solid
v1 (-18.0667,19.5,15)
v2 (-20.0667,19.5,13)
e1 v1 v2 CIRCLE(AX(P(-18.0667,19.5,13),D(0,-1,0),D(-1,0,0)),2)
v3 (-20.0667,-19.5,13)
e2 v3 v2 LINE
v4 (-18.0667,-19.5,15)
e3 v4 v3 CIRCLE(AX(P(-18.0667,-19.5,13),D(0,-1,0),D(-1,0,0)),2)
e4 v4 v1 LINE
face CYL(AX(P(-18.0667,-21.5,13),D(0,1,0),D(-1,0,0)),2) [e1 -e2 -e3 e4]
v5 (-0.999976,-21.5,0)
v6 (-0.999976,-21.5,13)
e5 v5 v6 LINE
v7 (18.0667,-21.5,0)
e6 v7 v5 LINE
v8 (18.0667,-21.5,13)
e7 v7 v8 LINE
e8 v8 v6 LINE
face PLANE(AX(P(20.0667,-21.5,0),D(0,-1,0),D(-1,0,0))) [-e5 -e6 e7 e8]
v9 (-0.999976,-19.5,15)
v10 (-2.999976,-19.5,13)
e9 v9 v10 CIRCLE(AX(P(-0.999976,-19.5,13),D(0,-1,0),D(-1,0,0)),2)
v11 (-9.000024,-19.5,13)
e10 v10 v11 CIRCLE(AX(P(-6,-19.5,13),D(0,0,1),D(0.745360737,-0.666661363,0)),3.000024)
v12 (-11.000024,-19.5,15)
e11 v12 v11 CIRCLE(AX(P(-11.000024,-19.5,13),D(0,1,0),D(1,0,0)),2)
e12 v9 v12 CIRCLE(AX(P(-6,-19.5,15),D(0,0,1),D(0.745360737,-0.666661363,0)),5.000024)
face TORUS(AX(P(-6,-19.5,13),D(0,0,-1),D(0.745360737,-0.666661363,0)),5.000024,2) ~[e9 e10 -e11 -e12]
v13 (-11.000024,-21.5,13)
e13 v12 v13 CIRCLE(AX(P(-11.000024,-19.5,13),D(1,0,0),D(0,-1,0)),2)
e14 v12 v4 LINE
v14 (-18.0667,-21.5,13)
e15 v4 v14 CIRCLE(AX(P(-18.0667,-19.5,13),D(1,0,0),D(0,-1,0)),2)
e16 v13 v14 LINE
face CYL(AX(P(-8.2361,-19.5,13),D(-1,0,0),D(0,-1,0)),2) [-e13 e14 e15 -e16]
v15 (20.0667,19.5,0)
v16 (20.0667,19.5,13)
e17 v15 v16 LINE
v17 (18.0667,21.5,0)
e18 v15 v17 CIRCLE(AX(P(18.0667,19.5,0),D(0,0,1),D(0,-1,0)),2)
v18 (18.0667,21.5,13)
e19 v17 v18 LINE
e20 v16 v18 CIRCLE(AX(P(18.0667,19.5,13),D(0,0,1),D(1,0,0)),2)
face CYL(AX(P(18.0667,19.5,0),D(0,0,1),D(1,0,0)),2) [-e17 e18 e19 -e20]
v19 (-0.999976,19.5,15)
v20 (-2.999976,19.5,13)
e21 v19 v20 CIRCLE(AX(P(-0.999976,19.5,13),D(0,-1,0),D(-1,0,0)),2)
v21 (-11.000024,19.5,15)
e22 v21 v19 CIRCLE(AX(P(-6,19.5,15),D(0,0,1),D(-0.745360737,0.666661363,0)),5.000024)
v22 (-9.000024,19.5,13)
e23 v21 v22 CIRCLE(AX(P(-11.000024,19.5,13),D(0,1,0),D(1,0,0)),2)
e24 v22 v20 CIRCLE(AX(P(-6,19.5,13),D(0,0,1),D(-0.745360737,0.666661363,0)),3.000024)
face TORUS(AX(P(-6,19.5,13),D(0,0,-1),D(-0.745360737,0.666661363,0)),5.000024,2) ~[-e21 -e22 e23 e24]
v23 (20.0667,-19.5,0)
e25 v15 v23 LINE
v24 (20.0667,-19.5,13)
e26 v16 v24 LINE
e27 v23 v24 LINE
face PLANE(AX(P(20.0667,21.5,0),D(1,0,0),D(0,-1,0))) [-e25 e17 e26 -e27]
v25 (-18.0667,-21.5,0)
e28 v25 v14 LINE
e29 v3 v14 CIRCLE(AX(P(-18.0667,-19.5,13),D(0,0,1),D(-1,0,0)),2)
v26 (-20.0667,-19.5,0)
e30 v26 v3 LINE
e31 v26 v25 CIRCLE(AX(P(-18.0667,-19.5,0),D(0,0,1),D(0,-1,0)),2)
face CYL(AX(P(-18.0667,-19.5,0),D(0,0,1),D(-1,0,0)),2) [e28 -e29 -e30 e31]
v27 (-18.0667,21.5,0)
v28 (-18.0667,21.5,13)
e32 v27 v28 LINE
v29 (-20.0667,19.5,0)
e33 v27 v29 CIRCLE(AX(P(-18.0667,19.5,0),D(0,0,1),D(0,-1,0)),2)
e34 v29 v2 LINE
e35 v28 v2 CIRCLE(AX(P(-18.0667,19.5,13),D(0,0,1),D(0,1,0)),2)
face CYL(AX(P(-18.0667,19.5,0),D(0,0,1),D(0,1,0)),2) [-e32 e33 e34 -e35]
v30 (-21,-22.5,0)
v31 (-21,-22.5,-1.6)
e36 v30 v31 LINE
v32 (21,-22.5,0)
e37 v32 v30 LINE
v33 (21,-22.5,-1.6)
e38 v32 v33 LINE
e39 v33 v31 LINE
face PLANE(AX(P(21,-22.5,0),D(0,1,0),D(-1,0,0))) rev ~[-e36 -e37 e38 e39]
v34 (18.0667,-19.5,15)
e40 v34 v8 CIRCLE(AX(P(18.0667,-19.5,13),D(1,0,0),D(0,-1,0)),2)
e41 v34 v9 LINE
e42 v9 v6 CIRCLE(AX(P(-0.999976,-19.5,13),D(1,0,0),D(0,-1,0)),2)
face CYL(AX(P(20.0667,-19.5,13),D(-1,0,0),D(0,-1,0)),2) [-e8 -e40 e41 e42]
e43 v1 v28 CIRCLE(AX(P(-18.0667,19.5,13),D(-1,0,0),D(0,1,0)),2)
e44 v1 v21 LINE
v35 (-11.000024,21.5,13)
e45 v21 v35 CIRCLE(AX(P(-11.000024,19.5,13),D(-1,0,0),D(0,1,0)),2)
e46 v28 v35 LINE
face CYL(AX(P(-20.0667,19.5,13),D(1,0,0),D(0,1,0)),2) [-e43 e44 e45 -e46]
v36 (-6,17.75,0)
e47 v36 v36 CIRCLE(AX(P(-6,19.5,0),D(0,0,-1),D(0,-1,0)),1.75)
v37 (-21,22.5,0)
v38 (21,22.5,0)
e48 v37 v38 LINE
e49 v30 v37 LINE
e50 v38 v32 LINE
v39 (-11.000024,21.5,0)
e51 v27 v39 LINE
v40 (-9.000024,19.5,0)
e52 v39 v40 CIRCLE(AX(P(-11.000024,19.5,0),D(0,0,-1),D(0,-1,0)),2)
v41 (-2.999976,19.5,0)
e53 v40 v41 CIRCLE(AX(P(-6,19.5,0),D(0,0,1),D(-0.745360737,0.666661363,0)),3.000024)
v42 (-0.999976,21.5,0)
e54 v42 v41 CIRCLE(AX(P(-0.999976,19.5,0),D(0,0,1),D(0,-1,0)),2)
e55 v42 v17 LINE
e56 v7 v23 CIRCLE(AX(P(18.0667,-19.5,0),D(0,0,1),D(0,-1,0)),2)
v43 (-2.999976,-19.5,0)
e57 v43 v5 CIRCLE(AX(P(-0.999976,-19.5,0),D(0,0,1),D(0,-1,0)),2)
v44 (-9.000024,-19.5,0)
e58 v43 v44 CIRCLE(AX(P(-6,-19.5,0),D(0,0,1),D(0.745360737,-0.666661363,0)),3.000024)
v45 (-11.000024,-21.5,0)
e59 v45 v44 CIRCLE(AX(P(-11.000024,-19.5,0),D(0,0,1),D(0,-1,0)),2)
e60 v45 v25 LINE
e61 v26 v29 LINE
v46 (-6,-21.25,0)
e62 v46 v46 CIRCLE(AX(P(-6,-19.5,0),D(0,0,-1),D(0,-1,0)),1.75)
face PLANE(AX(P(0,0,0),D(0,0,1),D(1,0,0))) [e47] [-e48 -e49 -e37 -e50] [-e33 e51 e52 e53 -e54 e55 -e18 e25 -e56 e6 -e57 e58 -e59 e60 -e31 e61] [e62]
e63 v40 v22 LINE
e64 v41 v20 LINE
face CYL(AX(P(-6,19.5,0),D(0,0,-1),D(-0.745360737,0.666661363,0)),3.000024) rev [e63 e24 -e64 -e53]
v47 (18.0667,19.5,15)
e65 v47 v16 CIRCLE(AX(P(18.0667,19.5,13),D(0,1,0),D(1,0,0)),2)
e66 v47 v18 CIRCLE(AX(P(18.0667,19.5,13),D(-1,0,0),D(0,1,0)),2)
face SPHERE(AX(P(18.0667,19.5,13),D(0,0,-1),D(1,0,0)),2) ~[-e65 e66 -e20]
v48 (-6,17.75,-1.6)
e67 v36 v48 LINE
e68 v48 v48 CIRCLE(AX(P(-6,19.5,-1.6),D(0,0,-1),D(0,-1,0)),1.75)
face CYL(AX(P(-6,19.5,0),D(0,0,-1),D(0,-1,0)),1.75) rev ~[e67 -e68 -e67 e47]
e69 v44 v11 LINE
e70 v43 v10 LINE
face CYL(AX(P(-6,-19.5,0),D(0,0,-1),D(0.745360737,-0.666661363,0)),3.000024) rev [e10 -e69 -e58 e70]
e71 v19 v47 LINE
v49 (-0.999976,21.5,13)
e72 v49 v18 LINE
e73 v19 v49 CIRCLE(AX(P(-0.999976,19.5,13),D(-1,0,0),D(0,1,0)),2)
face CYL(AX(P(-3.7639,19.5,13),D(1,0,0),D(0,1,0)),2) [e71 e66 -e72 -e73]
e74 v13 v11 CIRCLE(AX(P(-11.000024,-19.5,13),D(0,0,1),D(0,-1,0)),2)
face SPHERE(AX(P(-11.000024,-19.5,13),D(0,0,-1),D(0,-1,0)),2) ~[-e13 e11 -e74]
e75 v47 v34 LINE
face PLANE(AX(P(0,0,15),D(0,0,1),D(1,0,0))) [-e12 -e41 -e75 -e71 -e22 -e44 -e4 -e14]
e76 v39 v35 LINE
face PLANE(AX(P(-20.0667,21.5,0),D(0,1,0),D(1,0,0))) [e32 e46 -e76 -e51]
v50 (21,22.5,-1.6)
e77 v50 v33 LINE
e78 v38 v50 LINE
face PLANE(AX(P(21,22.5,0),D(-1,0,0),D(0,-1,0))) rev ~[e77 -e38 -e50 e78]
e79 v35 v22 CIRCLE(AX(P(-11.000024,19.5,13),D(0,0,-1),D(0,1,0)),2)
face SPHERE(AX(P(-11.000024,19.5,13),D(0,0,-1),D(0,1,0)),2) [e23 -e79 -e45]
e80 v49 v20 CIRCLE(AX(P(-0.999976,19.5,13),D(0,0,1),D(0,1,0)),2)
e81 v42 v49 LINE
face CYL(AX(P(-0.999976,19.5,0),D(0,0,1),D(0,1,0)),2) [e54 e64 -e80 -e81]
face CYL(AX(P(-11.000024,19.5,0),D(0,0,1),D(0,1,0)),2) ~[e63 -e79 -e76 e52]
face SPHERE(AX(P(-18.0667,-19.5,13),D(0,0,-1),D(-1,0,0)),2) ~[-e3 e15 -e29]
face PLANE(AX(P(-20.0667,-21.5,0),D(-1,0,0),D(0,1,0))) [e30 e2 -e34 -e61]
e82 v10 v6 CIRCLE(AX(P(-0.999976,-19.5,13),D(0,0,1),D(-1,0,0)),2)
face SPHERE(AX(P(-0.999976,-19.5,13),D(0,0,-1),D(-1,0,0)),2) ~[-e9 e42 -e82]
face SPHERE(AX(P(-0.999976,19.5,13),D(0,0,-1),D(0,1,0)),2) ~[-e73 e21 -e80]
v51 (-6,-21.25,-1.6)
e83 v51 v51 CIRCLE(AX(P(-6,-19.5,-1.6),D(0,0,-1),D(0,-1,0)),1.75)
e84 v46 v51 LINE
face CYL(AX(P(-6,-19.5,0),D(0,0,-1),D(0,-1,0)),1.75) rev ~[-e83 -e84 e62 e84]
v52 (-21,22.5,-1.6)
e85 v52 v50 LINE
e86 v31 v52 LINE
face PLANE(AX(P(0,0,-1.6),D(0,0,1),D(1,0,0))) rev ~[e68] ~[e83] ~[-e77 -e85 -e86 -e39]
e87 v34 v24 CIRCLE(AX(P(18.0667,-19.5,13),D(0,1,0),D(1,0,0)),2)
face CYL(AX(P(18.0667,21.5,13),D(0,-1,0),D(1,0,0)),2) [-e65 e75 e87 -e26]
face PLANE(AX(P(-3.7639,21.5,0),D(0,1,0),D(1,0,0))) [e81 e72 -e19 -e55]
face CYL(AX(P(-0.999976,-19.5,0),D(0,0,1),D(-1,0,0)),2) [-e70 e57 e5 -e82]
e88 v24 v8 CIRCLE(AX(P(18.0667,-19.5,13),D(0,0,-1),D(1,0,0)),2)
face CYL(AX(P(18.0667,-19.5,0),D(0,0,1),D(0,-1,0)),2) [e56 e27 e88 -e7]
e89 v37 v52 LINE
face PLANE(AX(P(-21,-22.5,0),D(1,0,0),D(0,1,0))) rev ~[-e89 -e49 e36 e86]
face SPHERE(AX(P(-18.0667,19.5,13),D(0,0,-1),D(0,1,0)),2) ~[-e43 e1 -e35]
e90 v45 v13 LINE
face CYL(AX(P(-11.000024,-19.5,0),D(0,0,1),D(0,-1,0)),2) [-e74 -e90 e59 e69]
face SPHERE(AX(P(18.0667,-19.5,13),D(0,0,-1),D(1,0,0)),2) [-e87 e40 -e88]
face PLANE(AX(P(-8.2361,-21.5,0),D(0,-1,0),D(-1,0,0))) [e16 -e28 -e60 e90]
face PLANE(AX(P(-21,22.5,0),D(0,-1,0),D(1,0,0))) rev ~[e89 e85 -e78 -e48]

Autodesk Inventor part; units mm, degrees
ref_plane "YZ Plane" through (0, 0, 0) normal (1, 0, 0) x (0, 1, 0)
ref_plane "XZ Plane" through (0, 0, 0) normal (0, 1, 0) x (-1, 0, 0)
ref_plane "XY Plane" through (0, 0, 0) normal (0, 0, 1) x (1, 0, 0)
sketch "Sketch1" plane through (0, 0, 0) normal (0, 0, 1) x (1, 0, 0)
  line L0 (-21, 22.5) -> (21, 22.5)
  line L1 (21, 22.5) -> (21, -22.5)
  line L2 (21, -22.5) -> (-21, -22.5)
  line L3 (-21, -22.5) -> (-21, 22.5)
  line L4 (-21, 22.5) -> (21, -22.5) construction
  line L5 (21, 22.5) -> (-21, -22.5) construction
  line L6 (-6, 19.5) -> (-6, -19.5) construction
  line L7 (-21, 0) -> (21, 0) construction
  arc A0 (-8.2361, 21.5) -> (-3.7639, 21.5) centre (-6, 19.5) ccw
  line L8 (20.0667, -21.5) -> (-20.0667, -21.5)
  line L9 (-20.0667, -21.5) -> (-20.0667, 21.5)
  line L10 (-20.0667, 21.5) -> (20.0667, 21.5)
  line L11 (20.0667, 21.5) -> (20.0667, -21.5)
  line L12 (20.0667, -21.5) -> (-20.0667, 21.5) construction
  line L13 (-20.0667, -21.5) -> (20.0667, 21.5) construction
  arc A1 (-3.7639, -21.5) -> (-8.2361, -21.5) centre (-6, -19.5) ccw
  point P0 (0, 0)
  point P1 (-8.2361, -21.5)
  point P2 (-3.7639, -21.5)
  dimension "d0" = 42
  dimension "d1" = 45
  dimension "d2" = 15
  dimension "d3" = 39
  dimension "d6" = 1
  dimension "d7" = 6
extrude "Extrusion1" add sketch "Sketch1" against normal blind 1.6 contours L0 L1 L2 L3 | L10 A0 | A0 L10 L11 L8 A1 L9 | A1 L8
extrude "Extrusion2" add sketch "Sketch1" along normal blind 15 contours A0 L10 L11 L8 A1 L9
fillet "Fillet1" radius 2 16 edges at (-3.7639, 21.5, 7.5) (-8.2361, 21.5, 7.5) (-3.7639, -21.5, 7.5) (-8.2361, -21.5, 7.5) (-20.0667, 21.5, 7.5) (-20.0667, -21.5, 7.5) (20.0667, -21.5, 7.5) (20.0667, 21.5, 7.5) (20.0667, 0, 15) (8.1514, 21.5, 15) (-14.1514, 21.5, 15) (-6, 16.5, 15) (-20.0667, 0, 15) (-14.1514, -21.5, 15) (-6, -16.5, 15) (8.1514, -21.5, 15)
hole "Hole1" at (-6, 19.5, 0) at (-6, -19.5, 0) direction (0, 0, -1) diameter 3.5 end through all
properties part number "AKI.DAC-U2704 REV.C" material "Acetal Resin, Black"
